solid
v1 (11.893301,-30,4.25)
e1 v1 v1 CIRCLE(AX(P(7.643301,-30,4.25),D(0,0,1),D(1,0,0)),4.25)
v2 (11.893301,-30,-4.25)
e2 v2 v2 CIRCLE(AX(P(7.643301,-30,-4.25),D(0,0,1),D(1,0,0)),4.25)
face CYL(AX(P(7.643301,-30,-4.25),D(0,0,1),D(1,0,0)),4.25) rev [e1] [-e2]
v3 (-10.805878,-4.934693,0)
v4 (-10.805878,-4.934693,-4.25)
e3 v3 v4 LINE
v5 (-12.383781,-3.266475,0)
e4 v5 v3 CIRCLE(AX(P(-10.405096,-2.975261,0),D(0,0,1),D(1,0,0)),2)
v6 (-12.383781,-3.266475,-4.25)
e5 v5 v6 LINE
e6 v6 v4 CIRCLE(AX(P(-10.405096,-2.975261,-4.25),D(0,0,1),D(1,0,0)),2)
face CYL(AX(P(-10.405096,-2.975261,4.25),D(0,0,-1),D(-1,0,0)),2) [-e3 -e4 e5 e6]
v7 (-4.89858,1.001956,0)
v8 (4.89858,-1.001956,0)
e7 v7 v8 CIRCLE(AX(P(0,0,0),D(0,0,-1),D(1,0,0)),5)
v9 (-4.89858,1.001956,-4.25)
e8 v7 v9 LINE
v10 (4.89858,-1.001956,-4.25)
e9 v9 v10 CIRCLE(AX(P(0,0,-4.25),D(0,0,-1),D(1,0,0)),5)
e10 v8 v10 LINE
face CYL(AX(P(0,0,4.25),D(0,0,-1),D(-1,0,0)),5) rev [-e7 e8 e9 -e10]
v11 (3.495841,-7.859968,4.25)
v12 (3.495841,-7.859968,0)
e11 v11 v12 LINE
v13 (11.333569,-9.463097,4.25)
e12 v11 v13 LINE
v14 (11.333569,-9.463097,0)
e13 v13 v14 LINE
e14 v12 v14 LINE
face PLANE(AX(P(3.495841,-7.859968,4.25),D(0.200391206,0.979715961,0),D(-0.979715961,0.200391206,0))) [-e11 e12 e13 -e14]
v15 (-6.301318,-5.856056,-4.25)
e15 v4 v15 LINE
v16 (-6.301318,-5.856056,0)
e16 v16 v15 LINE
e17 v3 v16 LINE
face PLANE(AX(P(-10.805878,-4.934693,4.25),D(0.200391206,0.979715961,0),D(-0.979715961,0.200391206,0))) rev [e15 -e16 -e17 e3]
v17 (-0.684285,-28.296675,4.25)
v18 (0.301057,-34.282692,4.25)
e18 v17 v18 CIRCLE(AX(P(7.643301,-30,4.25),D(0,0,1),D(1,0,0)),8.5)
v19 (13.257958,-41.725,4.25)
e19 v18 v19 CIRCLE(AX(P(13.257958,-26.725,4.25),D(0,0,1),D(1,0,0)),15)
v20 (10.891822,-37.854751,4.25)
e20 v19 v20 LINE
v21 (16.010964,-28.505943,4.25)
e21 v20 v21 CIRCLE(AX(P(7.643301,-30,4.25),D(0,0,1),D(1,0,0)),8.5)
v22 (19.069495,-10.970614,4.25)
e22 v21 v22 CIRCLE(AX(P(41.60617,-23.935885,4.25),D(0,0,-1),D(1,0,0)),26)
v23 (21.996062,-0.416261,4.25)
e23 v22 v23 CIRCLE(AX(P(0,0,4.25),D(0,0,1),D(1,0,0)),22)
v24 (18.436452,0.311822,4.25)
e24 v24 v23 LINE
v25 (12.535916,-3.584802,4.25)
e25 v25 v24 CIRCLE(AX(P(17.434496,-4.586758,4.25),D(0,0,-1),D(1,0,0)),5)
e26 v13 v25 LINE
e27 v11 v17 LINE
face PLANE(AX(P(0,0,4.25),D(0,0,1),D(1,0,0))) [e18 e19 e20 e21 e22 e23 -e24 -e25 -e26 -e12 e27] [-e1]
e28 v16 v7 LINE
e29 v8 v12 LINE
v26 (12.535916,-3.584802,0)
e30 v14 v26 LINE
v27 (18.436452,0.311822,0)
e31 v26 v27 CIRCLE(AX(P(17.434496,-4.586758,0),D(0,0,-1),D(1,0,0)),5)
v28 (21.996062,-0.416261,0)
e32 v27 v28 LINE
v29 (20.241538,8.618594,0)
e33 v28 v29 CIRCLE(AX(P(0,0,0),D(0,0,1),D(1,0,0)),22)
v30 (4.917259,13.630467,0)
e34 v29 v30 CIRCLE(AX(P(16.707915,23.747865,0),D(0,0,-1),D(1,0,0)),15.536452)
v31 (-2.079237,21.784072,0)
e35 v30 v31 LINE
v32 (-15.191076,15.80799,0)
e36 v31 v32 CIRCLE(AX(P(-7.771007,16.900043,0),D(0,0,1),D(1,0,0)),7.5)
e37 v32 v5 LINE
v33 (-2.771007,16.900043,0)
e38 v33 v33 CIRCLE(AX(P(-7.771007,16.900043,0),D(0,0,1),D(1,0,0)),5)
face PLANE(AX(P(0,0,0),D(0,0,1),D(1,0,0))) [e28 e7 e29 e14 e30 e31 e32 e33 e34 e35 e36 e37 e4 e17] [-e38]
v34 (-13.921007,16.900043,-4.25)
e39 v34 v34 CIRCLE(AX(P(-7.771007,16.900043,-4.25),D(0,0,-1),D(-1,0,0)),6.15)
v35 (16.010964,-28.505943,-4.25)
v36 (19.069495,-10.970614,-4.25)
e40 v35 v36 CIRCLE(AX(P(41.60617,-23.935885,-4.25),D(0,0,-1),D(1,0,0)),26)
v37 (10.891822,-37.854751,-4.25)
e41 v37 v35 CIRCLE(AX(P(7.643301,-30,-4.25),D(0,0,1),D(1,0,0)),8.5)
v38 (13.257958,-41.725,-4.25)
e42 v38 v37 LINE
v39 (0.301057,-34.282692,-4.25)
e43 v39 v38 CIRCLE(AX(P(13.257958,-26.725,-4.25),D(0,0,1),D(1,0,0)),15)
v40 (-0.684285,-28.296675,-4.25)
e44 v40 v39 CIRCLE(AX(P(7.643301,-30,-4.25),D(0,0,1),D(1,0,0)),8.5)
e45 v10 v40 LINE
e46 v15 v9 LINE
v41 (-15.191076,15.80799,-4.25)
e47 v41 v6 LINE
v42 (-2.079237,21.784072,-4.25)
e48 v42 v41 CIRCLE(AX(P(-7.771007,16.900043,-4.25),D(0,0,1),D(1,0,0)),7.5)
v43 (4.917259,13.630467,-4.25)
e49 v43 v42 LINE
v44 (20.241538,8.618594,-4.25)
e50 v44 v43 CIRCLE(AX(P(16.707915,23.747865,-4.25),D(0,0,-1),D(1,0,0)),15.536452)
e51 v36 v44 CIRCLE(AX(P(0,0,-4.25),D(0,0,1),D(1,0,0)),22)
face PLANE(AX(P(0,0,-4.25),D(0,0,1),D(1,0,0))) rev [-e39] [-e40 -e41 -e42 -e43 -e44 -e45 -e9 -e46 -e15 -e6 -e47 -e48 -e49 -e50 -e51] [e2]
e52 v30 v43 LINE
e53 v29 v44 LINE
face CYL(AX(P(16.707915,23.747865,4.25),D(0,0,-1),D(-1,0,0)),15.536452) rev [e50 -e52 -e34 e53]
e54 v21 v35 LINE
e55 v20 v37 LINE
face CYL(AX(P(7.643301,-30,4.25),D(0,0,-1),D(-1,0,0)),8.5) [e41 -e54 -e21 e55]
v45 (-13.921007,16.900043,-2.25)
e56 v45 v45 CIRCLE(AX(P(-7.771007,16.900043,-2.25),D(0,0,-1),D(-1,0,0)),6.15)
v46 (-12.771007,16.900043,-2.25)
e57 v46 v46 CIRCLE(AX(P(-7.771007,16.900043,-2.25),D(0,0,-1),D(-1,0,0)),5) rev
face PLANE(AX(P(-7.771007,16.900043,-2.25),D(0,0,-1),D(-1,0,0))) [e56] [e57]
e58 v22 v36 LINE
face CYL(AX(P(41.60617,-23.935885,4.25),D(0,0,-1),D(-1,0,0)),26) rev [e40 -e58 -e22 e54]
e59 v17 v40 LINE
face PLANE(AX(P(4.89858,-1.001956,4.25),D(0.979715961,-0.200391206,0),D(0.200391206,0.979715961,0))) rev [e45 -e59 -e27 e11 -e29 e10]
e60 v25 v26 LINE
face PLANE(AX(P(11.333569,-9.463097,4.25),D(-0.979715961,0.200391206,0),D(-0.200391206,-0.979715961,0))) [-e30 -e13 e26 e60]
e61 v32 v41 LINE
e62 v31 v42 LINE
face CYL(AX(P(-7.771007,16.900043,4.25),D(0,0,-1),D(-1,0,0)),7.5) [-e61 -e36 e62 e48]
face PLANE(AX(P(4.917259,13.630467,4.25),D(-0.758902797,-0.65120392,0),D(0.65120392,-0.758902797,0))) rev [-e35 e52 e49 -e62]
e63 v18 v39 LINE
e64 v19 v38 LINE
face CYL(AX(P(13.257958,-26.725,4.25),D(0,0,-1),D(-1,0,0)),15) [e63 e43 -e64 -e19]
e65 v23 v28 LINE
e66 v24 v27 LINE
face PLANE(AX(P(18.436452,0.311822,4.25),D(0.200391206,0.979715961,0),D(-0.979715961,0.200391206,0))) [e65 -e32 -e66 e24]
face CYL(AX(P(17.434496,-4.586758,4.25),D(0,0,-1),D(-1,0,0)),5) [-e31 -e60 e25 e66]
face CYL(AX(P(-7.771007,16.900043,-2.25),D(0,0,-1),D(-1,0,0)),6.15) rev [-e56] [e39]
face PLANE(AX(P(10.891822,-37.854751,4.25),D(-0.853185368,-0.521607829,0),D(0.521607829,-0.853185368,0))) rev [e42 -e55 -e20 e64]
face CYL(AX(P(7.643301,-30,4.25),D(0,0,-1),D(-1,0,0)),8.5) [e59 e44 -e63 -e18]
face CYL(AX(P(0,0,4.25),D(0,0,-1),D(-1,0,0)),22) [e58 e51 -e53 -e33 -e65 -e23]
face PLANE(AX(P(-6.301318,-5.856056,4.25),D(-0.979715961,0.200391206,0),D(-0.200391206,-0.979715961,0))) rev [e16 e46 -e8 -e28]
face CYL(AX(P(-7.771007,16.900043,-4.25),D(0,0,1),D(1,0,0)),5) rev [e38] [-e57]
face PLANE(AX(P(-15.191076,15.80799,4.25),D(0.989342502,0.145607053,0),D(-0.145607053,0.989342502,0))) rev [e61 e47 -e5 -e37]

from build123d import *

# Parameters (mm, degrees)
EXTRUSION12_DEPTH             = 4.25
ENL_V_MAT_EXTRU_13_DEPTH      = 5.25
ESQUISSE35_R                  = 5
ESQUISSE35_R_2                = 4.25
ENL_V_MAT_EXTRU_14_DEPTH      = 5.25
ENL_V_MAT_EXTRU_14_DEPTH_BACK = 5.25
ESQUISSE36_R                  = 6.15
ENL_V_MAT_EXTRU_15_DEPTH      = 2


with BuildPart() as part:
    # Esquisse33 → Extrusion12 (new body, symmetric)
    with BuildSketch(Plane.XY):
        with BuildLine():
            Line((10.891822315, -37.854750679), (13.257957999, -41.725))
            ThreePointArc((13.257957999, -41.725), (5.786859841, -39.732024729), (0.301056866, -34.282692308))
            ThreePointArc((0.301056866, -34.282692308), (-0.743831674, -31.380582548), (-0.684284829, -28.296674752))
            Line((-0.684284829, -28.296674752), (4.898579806, -1.001956028))
            ThreePointArc((4.898579806, -1.001956028), (1.001956028, 4.898579806), (-4.898579806, 1.001956028))
            Line((-4.898579806, 1.001956028), (-6.301318246, -5.8560557))
            Line((-6.301318246, -5.8560557), (-10.805878352, -4.934692503))
            ThreePointArc((-10.805878352, -4.934692503), (-11.858094208, -4.349595341), (-12.383780945, -3.266474687))
            Line((-12.383780945, -3.266474687), (-15.191076253, 15.807989781))
            ThreePointArc((-15.191076253, 15.807989781), (-10.881496713, 23.724620088), (-2.079236513, 21.784072078))
            Line((-2.079236513, 21.784072078), (4.917258536, 13.630466886))
            ThreePointArc((4.917258536, 13.630466886), (11.878383999, 8.981113225), (20.241537521, 8.618593782))
            ThreePointArc((20.241537521, 8.618593782), (21.960728113, -1.313933303), (19.069494762, -10.970613909))
            ThreePointArc((19.069494762, -10.970613909), (15.992864342, -19.46838522), (16.010964353, -28.505942654))
            ThreePointArc((16.010964353, -28.505942654), (15.098768048, -34.082402323), (10.891822315, -37.854750679))
        make_face()
    extrude(amount=EXTRUSION12_DEPTH, both=True)

    # Esquisse34 → Enlèv. mat.-Extru.13 (cut, through all)
    with BuildSketch(Plane.XY):
        with BuildLine():
            Line((4.898579806, -1.001956028), (3.495841367, -7.859967757))
            Line((3.495841367, -7.859967757), (11.333569057, -9.463097402))
            Line((11.333569057, -9.463097402), (12.53591629, -3.584801635))
            ThreePointArc((12.53591629, -3.584801635), (14.679166999, -0.414448762), (18.436452125, 0.311822143))
            Line((18.436452125, 0.311822143), (21.996061624, -0.416260758))
            ThreePointArc((21.996061624, -0.416260758), (21.596547051, 4.193942712), (20.241537521, 8.618593782))
            ThreePointArc((20.241537521, 8.618593782), (11.878383999, 8.981113225), (4.917258536, 13.630466886))
            Line((4.917258536, 13.630466886), (-2.079236513, 21.784072078))
            ThreePointArc((-2.079236513, 21.784072078), (-10.881496713, 23.724620088), (-15.191076253, 15.807989781))
            Line((-15.191076253, 15.807989781), (-12.383780945, -3.266474687))
            ThreePointArc((-12.383780945, -3.266474687), (-11.858094208, -4.349595341), (-10.805878352, -4.934692503))
            Line((-10.805878352, -4.934692503), (-6.301318246, -5.8560557))
            Line((-6.301318246, -5.8560557), (-4.898579806, 1.001956028))
            ThreePointArc((-4.898579806, 1.001956028), (1.001956028, 4.898579806), (4.898579806, -1.001956028))
        make_face()
    extrude(amount=ENL_V_MAT_EXTRU_13_DEPTH, mode=Mode.SUBTRACT)

    # Esquisse35 → Enlèv. mat.-Extru.14 (cut, two sides)
    with BuildSketch(Plane.XY) as enl_v_mat_extru_14_sk:
        with Locations((-7.771007489, 16.900042681)):
            Circle(ESQUISSE35_R)
        with Locations((7.643300841, -30)):
            Circle(ESQUISSE35_R_2)
    extrude(amount=ENL_V_MAT_EXTRU_14_DEPTH, mode=Mode.SUBTRACT)
    extrude(enl_v_mat_extru_14_sk.sketch, amount=-ENL_V_MAT_EXTRU_14_DEPTH_BACK, mode=Mode.SUBTRACT)

    # Esquisse36 → Enlèv. mat.-Extru.15 (cut)
    with BuildSketch(Plane(origin=(0, 0, -4.25), x_dir=(-1, 0, 0), z_dir=(0, 0, -1))):
        with Locations((7.771007489, 16.900042681)):
            Circle(ESQUISSE36_R)
    extrude(amount=-ENL_V_MAT_EXTRU_15_DEPTH, mode=Mode.SUBTRACT)


solid = part.part
